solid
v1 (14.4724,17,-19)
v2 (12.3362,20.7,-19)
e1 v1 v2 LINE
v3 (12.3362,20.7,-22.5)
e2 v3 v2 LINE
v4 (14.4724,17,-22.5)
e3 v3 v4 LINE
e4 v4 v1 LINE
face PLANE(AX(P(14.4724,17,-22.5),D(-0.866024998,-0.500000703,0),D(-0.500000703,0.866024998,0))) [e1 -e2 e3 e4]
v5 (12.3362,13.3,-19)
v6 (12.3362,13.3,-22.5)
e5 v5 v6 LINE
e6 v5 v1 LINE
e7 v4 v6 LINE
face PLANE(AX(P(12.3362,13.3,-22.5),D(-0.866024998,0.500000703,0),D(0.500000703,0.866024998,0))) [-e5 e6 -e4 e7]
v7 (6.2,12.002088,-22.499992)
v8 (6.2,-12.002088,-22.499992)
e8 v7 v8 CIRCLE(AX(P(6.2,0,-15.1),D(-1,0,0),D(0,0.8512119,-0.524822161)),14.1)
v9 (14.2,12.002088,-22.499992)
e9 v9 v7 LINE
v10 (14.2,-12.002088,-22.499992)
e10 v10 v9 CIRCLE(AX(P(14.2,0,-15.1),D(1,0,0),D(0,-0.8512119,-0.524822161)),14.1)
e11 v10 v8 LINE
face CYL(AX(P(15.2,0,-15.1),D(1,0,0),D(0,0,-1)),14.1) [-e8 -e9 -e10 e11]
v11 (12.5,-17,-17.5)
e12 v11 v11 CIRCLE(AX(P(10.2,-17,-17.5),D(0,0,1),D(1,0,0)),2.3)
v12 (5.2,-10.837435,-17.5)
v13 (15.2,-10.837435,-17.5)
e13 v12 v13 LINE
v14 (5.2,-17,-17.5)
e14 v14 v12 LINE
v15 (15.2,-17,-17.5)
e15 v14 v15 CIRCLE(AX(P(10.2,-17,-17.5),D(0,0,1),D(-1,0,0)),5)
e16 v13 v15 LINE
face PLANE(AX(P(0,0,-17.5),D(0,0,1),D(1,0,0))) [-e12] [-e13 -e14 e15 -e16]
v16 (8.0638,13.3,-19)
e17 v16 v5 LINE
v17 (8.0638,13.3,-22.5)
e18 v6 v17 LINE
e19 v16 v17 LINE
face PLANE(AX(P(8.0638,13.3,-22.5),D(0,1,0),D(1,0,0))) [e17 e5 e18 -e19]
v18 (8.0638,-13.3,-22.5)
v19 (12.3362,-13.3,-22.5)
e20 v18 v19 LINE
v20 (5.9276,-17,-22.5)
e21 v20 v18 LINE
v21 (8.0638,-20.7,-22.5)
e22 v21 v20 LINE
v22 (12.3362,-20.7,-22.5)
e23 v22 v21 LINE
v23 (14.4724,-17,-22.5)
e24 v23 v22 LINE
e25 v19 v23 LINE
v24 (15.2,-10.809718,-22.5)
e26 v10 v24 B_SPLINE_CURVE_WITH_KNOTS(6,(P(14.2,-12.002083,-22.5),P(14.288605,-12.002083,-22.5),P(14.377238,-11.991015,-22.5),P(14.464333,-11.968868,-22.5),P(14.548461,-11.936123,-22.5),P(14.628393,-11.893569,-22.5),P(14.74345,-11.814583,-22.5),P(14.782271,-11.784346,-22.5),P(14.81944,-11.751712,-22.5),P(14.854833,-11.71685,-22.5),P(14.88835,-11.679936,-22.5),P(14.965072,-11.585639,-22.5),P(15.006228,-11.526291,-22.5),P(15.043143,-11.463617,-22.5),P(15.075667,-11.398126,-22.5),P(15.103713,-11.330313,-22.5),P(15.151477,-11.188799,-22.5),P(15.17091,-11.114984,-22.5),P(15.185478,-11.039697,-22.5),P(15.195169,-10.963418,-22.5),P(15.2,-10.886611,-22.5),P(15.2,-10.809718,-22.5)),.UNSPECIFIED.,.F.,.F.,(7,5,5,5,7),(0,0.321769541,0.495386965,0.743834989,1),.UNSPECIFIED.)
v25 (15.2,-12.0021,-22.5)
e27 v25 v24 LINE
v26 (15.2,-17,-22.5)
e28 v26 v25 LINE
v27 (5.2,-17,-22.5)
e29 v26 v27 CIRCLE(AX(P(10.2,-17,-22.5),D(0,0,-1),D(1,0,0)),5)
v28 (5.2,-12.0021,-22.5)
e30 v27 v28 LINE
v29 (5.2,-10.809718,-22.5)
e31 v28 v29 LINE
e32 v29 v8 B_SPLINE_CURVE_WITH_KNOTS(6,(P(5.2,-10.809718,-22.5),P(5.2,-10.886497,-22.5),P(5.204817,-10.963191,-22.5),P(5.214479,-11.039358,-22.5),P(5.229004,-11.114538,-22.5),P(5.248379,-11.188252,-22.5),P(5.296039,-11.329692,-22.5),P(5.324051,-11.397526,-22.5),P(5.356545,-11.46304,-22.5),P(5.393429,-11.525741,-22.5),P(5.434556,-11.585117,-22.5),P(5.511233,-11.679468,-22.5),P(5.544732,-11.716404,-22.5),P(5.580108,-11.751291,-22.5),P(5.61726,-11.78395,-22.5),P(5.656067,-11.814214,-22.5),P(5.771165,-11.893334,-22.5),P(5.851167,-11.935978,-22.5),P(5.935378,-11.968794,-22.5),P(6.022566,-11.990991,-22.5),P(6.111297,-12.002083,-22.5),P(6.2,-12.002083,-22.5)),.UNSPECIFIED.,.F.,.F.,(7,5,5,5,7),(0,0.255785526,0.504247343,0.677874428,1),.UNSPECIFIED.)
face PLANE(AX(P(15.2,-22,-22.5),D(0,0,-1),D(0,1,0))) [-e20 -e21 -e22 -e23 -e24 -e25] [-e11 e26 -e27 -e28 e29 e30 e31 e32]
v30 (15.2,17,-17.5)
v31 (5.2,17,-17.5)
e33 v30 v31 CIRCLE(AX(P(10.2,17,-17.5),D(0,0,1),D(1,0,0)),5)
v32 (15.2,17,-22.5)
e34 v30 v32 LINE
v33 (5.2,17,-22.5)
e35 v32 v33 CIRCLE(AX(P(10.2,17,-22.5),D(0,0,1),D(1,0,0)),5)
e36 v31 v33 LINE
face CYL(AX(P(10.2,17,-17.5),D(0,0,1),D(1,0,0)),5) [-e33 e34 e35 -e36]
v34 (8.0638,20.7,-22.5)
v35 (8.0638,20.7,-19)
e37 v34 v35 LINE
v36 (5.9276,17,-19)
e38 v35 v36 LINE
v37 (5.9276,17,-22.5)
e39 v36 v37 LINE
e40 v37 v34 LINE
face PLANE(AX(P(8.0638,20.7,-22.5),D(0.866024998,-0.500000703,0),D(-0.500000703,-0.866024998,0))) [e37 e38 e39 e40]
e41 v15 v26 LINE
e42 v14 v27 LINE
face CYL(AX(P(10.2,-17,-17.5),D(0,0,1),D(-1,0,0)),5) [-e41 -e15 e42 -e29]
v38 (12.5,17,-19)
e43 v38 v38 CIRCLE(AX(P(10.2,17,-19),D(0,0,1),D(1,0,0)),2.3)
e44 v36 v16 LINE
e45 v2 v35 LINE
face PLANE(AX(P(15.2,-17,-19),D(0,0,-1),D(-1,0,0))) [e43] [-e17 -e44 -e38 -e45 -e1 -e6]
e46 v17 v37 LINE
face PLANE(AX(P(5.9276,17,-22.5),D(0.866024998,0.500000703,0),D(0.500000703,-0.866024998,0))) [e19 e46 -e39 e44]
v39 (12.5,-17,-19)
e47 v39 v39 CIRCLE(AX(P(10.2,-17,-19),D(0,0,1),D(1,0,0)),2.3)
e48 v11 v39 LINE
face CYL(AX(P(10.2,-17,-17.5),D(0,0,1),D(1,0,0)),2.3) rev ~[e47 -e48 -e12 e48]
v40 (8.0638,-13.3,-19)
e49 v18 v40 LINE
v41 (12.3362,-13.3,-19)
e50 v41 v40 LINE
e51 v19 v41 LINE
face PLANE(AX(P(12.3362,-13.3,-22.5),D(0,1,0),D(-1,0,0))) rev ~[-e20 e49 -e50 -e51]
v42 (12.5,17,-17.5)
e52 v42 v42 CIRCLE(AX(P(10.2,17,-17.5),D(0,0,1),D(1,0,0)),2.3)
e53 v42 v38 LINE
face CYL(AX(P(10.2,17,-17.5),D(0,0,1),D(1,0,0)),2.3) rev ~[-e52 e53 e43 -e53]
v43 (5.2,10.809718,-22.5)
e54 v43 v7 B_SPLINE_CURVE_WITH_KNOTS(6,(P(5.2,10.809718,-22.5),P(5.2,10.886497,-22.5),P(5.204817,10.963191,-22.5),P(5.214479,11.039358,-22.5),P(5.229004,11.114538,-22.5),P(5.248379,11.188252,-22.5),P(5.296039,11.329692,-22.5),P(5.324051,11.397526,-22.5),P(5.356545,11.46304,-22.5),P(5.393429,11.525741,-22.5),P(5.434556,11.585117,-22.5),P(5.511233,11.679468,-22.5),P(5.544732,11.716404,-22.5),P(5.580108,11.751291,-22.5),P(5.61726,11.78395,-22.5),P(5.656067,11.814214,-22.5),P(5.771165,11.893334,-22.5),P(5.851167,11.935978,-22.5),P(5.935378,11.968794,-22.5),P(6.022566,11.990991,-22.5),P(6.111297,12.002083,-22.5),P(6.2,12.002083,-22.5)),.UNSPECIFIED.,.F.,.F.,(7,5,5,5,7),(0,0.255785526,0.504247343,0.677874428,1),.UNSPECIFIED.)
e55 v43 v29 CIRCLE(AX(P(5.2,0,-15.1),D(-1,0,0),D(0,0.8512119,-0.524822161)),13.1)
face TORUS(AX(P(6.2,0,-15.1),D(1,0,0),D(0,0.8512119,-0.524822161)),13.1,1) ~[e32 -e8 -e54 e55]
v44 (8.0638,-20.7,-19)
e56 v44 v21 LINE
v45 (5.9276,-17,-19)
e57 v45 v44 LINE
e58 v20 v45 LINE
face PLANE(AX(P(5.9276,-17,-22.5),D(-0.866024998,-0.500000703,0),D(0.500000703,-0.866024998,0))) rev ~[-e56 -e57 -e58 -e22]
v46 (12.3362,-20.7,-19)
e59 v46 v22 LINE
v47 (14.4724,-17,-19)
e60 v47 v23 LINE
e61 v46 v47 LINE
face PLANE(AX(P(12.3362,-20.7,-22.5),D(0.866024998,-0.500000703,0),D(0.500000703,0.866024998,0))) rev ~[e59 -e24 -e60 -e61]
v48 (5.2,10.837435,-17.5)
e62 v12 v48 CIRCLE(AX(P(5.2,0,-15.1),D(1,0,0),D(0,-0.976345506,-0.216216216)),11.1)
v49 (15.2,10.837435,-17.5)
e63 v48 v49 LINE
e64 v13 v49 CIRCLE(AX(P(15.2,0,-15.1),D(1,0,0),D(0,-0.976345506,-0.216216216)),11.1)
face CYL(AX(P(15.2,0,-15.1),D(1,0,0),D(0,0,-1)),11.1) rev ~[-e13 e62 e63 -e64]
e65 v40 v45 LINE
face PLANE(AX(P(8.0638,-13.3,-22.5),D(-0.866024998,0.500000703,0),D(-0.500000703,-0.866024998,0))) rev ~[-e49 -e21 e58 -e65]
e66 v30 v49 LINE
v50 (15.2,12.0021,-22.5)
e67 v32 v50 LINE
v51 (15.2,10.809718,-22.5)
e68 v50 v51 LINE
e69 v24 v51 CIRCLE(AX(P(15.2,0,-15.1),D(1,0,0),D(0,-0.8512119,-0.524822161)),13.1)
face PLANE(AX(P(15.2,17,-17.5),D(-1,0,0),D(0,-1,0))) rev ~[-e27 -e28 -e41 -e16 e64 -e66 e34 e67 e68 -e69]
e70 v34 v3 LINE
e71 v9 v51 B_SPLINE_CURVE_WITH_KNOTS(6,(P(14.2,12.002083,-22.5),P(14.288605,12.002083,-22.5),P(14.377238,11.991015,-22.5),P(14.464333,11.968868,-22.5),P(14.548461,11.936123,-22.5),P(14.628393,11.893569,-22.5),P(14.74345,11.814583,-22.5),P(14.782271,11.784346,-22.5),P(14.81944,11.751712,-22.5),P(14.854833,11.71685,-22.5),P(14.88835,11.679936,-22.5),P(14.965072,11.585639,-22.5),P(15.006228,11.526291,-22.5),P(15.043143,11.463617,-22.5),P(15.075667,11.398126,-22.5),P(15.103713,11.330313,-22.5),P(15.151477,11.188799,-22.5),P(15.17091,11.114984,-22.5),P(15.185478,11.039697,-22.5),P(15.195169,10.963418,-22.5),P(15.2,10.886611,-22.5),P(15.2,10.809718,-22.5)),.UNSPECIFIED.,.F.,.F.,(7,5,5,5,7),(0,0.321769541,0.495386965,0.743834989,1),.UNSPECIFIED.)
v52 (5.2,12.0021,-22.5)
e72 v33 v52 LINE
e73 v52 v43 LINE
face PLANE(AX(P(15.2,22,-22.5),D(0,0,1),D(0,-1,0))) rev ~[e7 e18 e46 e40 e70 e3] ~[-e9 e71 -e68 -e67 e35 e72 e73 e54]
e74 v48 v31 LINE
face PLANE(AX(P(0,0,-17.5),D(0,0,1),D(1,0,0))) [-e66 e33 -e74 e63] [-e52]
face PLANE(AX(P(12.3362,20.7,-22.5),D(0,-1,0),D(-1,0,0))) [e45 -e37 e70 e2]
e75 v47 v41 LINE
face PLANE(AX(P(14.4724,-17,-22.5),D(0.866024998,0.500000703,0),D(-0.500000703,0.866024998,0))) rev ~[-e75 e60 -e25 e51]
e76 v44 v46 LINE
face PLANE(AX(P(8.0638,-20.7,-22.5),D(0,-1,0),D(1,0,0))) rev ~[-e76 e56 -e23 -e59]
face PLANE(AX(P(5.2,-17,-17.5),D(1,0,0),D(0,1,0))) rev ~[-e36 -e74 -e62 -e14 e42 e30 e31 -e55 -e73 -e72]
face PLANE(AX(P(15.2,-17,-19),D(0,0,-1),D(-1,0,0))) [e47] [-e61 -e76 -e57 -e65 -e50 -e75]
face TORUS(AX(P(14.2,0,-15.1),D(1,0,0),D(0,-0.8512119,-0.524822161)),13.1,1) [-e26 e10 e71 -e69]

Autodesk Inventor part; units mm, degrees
ref_plane "YZ Plane" through (0, 0, 0) normal (1, 0, 0) x (0, 1, 0)
ref_plane "XZ Plane" through (0, 0, 0) normal (0, 1, 0) x (-1, 0, 0)
ref_plane "Arbeitsebene1" through (0, 0, -17.5) normal (0, 0, 1) x (1, 0, 0)
sketch "Skizze1" plane through (0, 0, -17.5) normal (0, 0, 1) x (1, 0, 0)
  arc A0 (5.2, -17) -> (15.2, -17) centre (10.2, -17) ccw
  circle A1 centre (10.2, -17) radius 2.3
  circle A2 centre (10.2, 17) radius 2.3
  arc A3 (15.2, 17) -> (5.2, 17) centre (10.2, 17) ccw
  line L0 (15.2, 17) -> (15.2, -17)
  line L1 (5.2, -17) -> (5.2, 17)
  point P0 (0, 0)
  dimension "d17" = 34
  dimension "d19" = 5
  dimension "d20" = 5
  dimension "d21" = 4.6
  dimension "d22" = 4.6
  dimension "d23" = 5.2
  dimension "d24" = 15.2
  dimension "d25" = 17
extrude "Extrusion1" add sketch "Skizze1" against normal blind 15
sketch "Skizze2" plane through (15.2, -17, -17.5) normal (1, 0, 0) x (0, 0, -1)
  circle A0 centre (-2.4, 17) radius 11.1
  circle A1 centre (-2.4, 17) radius 14.1
  line L0 (0, 39) -> (15, 39) projected
  line L1 (5, 39) -> (5, 29.0021)
  line L2 (5, 39) -> (-2.0976, 39.0148)
  line L3 (-2.0976, 39.0148) -> (-4.3191, 38.5001)
  line L4 (-4.3191, 38.5001) -> (-4.8354, 27.8295)
  line L5 (-4.8906, 6.183) -> (-12.1302, -16.582)
  line L6 (-12.1302, -16.582) -> (7.7221, -22.1422)
  line L7 (7.7221, -22.1422) -> (5, -5)
  line L8 (0, -5) -> (15, -5) projected
  line L9 (5, -5) -> (5, 4.9979)
  line L10 (0, 0) -> (0, -5) projected
  line L11 (36.0228, 70.8555) -> (-22.3921, 70.8555)
  line L12 (-22.3921, 70.8555) -> (-22.3921, -28.3632)
  line L13 (-22.3921, -28.3632) -> (36.0228, -28.3632)
  line L14 (36.0228, -28.3632) -> (36.0228, 70.8555)
  point P0 (-17.5, 17)
  point P1 (-5.8022, 3.3166)
  point P2 (-4.6862, 30.9134)
  dimension "d5" = 3
  dimension "d6" = 5
  dimension "d26" = 44
  dimension "d27" = 22
  dimension "d28" = 22.2
  dimension "d29" = 15.1
extrude "Extrusion2" cut sketch "Skizze2" against normal blind 10 contours A0 | L14 L13 L12 L11
sketch "Skizze3" plane through (15.2, -17, -22.5) normal (0, 0, -1) x (-1, 0, 0)
  circle A0 centre (5, 34) radius 2.3 projected
  line L0 (2.8638, 30.3) -> (0.7276, 34)
  line L1 (0.7276, 34) -> (2.8638, 37.7)
  line L2 (2.8638, 37.7) -> (7.1362, 37.7)
  line L3 (7.1362, 37.7) -> (9.2724, 34)
  line L4 (9.2724, 34) -> (7.1362, 30.3)
  line L5 (7.1362, 30.3) -> (2.8638, 30.3)
  line L6 (0.7276, 0) -> (2.8638, 3.7)
  line L7 (2.8638, 3.7) -> (7.1362, 3.7)
  line L8 (7.1362, 3.7) -> (9.2724, 0)
  line L9 (9.2724, 0) -> (7.1362, -3.7)
  line L10 (7.1362, -3.7) -> (2.8638, -3.7)
  line L11 (2.8638, -3.7) -> (0.7276, 0)
  point P0 (15.2, 17)
  point P1 (5, 34)
  point P2 (5, 0)
  point P3 (5, 0)
  point P4 (5.6446, 34.7922)
  point P5 (4.3554, 34.7922)
  dimension "d9" = 7.4
  dimension "d10" = 7.4
extrude "Extrusion3" cut sketch "Skizze3" along normal blind 10 and the other way blind 3.5 contours A0 | L0 L1 L2 L3 L4 L5 | L6 L7 L8 L9 L10 L11
fillet "Rundung1" radius 1 2 edges at (15.2, 0, -29.2) (5.2, 0, -29.2)
equation "\"d20\" = d19"
equation "\"d27\" = 0.5 * d26"
equation "\"d10\" = d9"
properties part number "Bracket22_2"
